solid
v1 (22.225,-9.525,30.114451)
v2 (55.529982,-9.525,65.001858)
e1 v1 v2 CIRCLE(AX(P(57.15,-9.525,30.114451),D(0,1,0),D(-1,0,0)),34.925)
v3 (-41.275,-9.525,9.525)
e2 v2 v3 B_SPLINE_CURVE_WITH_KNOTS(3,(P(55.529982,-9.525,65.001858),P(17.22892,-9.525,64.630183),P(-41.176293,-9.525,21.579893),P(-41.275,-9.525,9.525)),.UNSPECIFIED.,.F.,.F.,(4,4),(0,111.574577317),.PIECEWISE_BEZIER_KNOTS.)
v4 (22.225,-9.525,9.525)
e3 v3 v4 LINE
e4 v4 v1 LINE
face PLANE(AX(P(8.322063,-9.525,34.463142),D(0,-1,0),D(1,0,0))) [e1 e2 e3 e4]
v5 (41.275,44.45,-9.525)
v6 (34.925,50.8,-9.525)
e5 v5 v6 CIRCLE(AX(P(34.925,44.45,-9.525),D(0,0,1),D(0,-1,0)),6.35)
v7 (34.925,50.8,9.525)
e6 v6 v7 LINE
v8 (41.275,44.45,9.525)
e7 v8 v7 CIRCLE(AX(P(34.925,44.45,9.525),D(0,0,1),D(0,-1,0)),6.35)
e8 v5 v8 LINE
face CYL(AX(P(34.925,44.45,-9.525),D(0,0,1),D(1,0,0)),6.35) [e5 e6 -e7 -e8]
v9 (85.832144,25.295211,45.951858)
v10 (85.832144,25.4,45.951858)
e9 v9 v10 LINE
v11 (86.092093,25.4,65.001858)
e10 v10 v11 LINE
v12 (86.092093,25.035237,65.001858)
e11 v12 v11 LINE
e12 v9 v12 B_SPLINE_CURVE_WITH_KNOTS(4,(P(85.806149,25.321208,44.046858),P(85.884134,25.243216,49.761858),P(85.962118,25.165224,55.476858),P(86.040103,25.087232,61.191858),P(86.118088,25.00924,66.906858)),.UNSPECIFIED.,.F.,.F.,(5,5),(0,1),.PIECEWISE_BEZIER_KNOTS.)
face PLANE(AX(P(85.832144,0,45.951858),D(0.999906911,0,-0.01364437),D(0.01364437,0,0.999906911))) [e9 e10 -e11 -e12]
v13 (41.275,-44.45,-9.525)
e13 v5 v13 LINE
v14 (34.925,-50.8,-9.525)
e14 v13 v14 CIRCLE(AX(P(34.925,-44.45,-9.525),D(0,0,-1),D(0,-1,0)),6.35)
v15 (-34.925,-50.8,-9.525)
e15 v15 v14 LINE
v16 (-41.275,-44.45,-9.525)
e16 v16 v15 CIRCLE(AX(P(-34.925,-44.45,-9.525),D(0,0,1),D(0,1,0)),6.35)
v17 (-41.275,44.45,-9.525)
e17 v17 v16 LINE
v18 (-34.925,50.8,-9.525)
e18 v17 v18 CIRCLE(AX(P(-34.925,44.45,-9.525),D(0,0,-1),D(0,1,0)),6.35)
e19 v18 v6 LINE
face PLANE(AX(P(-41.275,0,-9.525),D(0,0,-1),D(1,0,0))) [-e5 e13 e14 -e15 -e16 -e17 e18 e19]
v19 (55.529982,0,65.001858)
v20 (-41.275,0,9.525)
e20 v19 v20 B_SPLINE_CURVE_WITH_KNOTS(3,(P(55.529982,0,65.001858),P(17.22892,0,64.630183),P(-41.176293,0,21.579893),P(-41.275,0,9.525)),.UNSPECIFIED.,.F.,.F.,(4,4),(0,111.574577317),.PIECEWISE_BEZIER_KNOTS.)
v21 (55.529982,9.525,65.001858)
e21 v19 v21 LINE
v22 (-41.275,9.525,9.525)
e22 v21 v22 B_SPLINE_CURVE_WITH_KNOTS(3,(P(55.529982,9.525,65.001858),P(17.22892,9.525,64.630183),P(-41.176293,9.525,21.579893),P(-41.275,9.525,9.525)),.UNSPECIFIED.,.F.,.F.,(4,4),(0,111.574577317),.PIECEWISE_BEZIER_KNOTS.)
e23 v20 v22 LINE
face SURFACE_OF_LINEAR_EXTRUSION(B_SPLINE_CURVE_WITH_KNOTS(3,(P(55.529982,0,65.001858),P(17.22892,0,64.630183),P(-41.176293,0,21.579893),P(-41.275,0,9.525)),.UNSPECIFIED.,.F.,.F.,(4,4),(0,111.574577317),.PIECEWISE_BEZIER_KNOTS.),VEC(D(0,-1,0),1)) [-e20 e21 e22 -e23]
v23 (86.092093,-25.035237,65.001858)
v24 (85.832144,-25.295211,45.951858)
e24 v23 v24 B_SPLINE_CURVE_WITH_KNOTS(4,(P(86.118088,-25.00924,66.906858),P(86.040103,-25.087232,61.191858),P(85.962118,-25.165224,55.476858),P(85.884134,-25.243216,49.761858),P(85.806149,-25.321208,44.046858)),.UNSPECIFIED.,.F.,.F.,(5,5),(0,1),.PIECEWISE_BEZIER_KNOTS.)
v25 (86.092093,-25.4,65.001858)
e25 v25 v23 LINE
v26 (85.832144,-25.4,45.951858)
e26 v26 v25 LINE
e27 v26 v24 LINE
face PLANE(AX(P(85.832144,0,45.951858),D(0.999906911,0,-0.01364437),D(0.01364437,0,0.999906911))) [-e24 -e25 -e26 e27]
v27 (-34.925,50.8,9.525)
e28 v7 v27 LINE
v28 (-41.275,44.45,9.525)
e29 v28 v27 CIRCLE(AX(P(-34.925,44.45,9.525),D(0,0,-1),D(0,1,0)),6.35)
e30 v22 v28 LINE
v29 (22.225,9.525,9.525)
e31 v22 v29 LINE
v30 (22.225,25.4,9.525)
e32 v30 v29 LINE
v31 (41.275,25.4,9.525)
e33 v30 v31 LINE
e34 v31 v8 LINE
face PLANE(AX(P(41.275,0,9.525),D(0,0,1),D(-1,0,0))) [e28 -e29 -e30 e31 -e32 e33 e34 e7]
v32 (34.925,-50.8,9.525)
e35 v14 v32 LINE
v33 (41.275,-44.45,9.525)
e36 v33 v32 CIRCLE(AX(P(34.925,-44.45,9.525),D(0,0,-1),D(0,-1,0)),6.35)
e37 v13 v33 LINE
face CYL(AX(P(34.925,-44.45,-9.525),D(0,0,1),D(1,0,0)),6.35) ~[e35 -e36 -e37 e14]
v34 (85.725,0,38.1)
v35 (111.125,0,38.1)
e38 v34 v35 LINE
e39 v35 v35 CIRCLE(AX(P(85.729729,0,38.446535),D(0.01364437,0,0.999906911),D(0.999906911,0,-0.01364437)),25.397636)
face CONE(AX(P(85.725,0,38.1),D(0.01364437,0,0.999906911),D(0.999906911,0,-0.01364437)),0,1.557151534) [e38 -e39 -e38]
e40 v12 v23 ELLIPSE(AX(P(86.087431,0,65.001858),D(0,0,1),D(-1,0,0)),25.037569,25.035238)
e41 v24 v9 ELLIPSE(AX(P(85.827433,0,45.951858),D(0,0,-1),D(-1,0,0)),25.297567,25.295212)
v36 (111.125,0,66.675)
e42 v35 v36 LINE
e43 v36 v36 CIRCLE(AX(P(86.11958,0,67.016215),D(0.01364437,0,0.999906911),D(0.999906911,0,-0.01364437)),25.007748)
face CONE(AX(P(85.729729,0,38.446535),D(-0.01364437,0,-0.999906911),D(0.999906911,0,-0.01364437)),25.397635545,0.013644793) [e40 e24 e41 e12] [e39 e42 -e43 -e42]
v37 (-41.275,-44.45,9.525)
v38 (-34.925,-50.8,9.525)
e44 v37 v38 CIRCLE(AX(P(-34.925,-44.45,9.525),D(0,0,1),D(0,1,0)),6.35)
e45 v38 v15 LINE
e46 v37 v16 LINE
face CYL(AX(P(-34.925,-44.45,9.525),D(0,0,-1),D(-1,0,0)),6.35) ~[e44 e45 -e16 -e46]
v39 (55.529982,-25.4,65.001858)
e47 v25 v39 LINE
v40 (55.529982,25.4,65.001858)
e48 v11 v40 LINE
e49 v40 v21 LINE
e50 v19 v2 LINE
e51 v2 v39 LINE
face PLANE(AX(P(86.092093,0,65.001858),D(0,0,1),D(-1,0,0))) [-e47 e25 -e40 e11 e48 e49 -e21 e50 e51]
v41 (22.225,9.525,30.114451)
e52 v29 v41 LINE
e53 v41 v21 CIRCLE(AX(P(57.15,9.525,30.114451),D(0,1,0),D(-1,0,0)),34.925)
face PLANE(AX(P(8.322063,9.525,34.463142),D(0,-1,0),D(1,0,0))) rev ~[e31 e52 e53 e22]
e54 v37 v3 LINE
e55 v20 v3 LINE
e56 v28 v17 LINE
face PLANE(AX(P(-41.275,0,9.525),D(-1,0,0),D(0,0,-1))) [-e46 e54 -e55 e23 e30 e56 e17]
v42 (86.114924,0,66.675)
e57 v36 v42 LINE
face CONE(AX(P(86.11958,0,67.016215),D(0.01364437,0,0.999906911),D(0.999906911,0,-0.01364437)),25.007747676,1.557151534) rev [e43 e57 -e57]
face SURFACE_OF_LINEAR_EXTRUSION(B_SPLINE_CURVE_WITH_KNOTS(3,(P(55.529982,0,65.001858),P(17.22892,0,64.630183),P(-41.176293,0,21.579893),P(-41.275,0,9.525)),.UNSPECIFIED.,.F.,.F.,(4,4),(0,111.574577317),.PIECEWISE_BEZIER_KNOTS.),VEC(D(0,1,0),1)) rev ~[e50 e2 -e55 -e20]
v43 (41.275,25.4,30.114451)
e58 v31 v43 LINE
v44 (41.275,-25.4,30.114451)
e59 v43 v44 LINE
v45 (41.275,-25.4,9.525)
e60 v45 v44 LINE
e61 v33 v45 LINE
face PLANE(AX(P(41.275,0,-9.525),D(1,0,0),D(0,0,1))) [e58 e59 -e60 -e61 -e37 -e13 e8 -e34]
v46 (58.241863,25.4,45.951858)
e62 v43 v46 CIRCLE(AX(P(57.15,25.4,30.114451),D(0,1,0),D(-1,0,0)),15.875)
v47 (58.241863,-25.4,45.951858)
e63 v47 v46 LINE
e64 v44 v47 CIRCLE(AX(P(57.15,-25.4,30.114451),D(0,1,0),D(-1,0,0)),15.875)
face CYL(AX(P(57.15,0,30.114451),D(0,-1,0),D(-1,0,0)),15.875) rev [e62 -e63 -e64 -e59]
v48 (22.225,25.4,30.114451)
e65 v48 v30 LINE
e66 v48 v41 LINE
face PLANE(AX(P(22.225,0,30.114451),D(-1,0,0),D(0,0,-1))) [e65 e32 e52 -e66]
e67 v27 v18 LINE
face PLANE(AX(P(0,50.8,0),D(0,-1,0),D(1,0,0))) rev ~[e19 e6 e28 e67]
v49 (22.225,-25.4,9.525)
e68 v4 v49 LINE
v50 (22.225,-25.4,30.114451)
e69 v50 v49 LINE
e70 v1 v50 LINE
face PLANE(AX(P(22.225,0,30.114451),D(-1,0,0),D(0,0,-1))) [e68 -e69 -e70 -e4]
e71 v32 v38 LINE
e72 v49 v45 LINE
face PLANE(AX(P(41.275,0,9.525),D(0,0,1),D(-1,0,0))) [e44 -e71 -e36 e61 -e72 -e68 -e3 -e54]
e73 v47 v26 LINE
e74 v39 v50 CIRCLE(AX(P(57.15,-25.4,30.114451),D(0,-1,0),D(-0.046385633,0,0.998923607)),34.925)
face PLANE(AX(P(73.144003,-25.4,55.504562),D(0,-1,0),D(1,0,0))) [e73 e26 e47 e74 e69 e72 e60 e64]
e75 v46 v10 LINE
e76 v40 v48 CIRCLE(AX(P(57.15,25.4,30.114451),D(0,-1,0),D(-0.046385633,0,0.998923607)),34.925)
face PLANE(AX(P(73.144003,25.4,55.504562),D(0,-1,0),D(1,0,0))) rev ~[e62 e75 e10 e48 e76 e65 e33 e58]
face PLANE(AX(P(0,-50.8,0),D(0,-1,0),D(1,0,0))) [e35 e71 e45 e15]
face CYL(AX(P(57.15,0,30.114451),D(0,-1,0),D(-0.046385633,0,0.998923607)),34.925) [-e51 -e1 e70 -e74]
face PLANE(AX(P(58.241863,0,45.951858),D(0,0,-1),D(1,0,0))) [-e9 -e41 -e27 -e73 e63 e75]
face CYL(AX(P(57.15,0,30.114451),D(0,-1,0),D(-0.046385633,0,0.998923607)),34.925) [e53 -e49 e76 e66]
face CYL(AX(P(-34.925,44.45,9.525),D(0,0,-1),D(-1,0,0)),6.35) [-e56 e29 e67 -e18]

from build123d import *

# Parameters (mm, degrees)
F1_DEPTH = 25.4
F2_DEPTH = 50.8
F3_DEPTH = 9.525
F5_R     = 6.35


with BuildPart() as f1:
    # F0 (on Front) → F1 (new body, symmetric)
    with BuildSketch(Plane.XZ):
        Polygon((86.0920930787, 65.0018583123), (60.325, 65.0018583123), (60.325, 45.9518583123), (85.8321436333, 45.9518583123), align=None)
        with BuildLine():
            Line((22.225, 9.525), (41.275, 9.525))
            Line((41.275, 9.525), (41.275, 30.1144513303))
            ThreePointArc((41.275, 30.1144513303), (46.3175880369, 41.7193845943), (58.2418631259, 45.9518583123))
            Line((58.2418631259, 45.9518583123), (60.325, 45.9518583123))
            Line((60.325, 45.9518583123), (60.325, 65.0018583123))
            Line((60.325, 65.0018583123), (55.5299817685, 65.0018583123))
            ThreePointArc((55.5299817685, 65.0018583123), (31.8880250006, 54.2305920691), (22.225, 30.1144513303))
            Line((22.225, 30.1144513303), (22.225, 9.525))
        make_face()
    extrude(amount=F1_DEPTH, both=True)

    # F0 (on Front) → F2 (join, symmetric)
    with BuildSketch(Plane.XZ):
        Polygon((-41.275, 9.525), (-41.275, -9.525), (41.275, -9.525), (41.275, 9.525), (22.225, 9.525), align=None)
    extrude(amount=F2_DEPTH, both=True)

    # F0 (on Front) → F3 (join, symmetric)
    with BuildSketch(Plane.XZ):
        with BuildLine():
            add(Edge.make_bspline(
                [(55.5299817685, 65.0018583123), (17.2289203086, 64.6301832149), (-41.1762930453, 21.5798933059), (-41.275, 9.525)],
                knots=[0, 0, 0, 0, 111.5745773167, 111.5745773167, 111.5745773167, 111.5745773167], degree=3))
            Line((-41.275, 9.525), (22.225, 9.525))
            Line((22.225, 9.525), (22.225, 30.1144513303))
            ThreePointArc((22.225, 30.1144513303), (31.8880250006, 54.2305920691), (55.5299817685, 65.0018583123))
        make_face()
    extrude(amount=F3_DEPTH, both=True)

    # F0 (on Front) → F4 (revolve)
    with BuildSketch(Plane.XZ):
        Polygon((86.1149241681, 66.675), (86.0920930787, 65.0018583123), (85.8321436333, 45.9518583123), (85.725, 38.1), (111.125, 38.1), (111.125, 66.675), align=None)
    revolve(axis=Axis((85.9199620841, 0, 52.3875), (0.0136443699, 0, 0.9999069113)))

    # F5
    f5_edges = [f1.edges().sort_by_distance(p)[0] for p in [
        (41.275, -50.8, 0),
        (-41.275, -50.8, 0),
        (41.275, 50.8, 0),
        (-41.275, 50.8, 0),
    ]]
    fillet(f5_edges, radius=F5_R)


solid = f1.part
